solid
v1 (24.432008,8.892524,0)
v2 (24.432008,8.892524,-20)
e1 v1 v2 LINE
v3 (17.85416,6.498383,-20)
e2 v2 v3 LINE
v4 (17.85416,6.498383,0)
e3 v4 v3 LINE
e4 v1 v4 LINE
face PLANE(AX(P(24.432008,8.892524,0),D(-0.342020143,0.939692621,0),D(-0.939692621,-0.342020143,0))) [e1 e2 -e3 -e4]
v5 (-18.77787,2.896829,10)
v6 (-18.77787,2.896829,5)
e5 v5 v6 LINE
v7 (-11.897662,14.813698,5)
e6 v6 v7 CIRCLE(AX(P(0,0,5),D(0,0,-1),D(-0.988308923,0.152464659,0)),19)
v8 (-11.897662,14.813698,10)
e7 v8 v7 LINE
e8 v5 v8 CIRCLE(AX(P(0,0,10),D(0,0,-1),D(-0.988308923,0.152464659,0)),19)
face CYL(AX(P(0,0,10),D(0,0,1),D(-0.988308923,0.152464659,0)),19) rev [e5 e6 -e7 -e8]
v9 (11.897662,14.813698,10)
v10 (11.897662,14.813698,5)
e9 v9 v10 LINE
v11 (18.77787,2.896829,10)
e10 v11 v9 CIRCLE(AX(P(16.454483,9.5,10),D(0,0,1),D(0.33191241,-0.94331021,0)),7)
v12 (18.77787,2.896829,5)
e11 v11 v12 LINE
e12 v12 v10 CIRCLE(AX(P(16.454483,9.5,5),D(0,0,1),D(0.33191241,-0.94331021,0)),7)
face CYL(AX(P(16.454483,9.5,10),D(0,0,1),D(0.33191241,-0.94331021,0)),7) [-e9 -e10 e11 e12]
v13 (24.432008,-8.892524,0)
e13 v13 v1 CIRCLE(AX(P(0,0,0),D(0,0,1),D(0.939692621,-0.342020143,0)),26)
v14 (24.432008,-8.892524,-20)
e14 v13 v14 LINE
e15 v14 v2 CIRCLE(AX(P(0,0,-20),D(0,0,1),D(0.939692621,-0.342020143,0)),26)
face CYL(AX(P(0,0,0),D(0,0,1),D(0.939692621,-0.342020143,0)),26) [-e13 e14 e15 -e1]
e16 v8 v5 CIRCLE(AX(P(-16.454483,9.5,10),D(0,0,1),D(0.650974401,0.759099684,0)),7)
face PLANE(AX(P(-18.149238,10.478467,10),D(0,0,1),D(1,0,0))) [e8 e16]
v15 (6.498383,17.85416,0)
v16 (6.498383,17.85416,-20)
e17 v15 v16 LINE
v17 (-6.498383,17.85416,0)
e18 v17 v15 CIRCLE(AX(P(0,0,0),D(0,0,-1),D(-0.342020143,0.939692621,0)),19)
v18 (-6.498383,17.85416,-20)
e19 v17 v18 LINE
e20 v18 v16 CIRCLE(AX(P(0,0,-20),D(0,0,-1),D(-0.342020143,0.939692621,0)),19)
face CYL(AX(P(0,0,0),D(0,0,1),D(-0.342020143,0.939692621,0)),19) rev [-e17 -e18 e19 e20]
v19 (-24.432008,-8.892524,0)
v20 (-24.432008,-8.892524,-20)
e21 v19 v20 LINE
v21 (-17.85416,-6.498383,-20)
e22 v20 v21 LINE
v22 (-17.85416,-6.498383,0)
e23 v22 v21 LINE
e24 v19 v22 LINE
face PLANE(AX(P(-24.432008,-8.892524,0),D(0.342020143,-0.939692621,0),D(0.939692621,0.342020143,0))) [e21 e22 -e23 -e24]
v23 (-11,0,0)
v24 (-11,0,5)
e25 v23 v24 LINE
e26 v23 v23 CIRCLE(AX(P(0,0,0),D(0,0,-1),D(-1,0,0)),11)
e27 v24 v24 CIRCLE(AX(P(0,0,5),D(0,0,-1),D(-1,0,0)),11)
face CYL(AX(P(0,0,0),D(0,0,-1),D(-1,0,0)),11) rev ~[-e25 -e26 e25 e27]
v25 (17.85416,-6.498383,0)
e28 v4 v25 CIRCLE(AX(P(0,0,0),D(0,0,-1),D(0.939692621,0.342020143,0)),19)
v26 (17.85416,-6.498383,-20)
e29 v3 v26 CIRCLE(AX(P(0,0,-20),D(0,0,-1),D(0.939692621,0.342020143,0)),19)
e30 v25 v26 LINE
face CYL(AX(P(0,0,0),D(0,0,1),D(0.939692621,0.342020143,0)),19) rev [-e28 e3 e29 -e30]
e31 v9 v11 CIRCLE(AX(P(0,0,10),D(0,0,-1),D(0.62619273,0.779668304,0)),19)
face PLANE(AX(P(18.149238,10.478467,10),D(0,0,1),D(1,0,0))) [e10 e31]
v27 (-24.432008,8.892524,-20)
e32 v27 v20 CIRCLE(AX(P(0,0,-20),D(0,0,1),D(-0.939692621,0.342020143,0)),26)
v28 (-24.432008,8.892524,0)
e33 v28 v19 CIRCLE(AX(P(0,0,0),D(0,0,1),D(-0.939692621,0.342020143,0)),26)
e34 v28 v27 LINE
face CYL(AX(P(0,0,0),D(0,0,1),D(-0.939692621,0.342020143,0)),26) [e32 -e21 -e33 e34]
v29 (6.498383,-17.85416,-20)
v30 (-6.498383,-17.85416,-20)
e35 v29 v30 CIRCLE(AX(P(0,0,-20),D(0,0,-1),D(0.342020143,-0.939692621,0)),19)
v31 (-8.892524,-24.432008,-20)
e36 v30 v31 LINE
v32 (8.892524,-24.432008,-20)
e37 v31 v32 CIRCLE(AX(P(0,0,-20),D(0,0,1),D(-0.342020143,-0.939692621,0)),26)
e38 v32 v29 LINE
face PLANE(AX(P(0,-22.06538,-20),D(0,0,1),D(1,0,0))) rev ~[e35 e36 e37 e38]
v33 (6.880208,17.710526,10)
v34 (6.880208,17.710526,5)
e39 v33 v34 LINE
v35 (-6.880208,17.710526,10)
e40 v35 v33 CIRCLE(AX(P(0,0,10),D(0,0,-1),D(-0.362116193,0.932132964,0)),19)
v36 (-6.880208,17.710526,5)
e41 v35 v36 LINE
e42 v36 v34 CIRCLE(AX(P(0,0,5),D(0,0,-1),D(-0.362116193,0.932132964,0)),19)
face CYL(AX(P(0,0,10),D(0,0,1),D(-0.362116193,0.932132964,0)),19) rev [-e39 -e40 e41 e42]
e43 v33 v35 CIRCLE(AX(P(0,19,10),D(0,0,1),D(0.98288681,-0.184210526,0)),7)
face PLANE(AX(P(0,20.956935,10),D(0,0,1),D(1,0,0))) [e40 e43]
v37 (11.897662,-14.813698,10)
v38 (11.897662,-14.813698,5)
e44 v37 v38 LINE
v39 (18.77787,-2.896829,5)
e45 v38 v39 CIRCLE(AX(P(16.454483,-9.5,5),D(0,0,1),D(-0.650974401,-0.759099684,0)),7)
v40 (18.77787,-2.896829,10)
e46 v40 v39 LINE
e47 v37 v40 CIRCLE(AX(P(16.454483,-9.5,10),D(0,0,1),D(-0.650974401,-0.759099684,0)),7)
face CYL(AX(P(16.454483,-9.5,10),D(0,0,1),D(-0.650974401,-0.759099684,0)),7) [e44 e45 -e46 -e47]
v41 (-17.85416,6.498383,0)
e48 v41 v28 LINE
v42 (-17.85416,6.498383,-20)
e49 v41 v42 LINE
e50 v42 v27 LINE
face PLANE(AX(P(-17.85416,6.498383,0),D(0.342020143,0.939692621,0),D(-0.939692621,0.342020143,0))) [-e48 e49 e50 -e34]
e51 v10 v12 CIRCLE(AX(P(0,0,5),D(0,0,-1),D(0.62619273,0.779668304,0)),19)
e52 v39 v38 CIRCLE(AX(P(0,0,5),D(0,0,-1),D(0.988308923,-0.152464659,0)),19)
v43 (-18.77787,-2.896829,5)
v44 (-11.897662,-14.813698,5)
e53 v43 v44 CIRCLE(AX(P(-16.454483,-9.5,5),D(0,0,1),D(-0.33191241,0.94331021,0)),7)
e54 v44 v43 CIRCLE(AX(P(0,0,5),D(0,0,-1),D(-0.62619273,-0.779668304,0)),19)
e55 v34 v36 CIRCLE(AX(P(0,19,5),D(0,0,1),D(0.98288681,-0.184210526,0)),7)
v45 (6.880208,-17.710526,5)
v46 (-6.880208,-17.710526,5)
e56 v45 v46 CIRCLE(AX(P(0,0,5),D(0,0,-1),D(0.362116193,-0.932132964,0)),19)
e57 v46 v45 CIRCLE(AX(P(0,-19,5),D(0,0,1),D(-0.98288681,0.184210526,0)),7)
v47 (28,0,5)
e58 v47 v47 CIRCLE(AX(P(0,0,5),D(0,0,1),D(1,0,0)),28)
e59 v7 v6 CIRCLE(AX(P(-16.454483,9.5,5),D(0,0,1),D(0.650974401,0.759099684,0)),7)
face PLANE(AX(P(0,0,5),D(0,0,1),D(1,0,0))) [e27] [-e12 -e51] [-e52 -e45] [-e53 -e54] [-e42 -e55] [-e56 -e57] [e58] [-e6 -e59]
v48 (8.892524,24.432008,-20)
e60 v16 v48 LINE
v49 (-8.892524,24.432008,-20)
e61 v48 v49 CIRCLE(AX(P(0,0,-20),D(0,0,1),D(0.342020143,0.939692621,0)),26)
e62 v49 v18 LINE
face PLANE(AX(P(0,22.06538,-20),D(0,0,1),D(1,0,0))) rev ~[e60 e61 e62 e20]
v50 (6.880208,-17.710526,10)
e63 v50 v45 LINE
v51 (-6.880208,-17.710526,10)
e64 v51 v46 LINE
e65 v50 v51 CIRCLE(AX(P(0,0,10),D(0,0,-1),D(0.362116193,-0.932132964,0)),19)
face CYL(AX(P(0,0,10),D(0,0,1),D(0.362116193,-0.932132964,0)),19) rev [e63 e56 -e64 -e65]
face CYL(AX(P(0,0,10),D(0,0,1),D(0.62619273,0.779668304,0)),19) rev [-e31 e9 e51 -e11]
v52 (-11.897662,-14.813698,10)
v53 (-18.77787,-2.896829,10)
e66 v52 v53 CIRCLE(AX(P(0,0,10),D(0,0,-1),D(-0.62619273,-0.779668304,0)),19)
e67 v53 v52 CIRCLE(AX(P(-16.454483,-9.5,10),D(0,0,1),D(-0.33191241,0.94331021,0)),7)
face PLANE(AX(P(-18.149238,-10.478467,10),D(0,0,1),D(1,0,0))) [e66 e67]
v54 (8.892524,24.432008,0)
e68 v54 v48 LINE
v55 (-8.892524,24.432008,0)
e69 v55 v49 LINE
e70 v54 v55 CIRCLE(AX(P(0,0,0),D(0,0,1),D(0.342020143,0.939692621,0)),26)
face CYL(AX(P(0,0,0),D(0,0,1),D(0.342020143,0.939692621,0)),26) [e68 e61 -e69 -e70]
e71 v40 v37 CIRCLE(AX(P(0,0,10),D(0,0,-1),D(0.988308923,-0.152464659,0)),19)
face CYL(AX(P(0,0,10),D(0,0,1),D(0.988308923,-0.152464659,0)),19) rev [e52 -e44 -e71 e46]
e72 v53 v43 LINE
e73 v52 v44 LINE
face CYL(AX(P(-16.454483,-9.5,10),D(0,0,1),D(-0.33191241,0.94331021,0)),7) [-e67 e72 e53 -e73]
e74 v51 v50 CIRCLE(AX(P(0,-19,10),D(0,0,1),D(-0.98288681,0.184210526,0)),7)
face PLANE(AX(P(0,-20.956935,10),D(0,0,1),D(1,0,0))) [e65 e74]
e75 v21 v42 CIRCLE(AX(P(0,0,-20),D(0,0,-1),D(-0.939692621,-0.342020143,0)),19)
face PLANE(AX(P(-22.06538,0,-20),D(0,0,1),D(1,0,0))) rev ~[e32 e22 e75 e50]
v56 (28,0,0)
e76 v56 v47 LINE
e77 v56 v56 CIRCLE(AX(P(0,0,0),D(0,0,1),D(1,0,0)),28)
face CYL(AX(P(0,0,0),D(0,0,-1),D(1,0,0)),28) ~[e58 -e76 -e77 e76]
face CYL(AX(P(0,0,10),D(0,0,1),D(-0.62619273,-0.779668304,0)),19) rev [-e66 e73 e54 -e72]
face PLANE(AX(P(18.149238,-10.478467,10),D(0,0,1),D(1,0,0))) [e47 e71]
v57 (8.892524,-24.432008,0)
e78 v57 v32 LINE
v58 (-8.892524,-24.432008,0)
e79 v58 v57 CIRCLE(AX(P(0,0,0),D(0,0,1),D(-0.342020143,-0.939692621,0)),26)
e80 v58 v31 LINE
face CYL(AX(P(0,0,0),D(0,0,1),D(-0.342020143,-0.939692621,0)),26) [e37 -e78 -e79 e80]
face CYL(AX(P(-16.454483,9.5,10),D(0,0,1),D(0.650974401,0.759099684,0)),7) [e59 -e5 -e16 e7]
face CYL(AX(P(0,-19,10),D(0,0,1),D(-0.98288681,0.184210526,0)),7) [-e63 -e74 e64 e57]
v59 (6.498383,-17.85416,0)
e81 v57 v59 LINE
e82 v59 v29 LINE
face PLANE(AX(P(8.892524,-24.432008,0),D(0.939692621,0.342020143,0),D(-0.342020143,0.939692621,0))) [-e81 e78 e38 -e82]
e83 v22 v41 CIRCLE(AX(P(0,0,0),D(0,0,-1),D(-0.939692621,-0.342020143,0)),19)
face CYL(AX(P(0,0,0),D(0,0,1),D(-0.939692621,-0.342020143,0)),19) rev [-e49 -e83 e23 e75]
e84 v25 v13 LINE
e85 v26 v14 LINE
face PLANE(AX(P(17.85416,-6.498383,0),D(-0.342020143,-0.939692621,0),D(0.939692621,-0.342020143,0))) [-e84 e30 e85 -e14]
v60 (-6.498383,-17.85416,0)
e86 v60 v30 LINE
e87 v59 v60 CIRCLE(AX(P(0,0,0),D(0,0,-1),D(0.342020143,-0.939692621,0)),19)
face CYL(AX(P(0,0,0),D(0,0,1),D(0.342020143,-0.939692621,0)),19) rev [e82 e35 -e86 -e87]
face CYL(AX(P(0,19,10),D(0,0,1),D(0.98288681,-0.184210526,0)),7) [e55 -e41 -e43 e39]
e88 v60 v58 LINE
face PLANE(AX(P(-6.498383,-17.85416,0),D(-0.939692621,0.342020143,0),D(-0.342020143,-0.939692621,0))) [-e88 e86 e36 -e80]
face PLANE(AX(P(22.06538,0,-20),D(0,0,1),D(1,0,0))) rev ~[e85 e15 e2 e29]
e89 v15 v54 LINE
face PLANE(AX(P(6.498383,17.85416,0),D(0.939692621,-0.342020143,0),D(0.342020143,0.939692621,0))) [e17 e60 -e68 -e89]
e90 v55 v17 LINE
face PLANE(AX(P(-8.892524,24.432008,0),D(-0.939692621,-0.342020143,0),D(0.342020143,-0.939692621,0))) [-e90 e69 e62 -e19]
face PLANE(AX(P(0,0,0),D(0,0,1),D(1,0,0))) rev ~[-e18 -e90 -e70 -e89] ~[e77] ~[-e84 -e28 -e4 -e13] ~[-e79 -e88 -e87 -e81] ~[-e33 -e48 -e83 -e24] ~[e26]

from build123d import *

# Parameters (mm, degrees)
SKETCH_1_R          = 28
EXTRUDE_1_DEPTH     = 5
EXTRUDE_2_DEPTH     = 20
SKETCH_3_R          = 11
CUT_EXTRUDE_1_DEPTH = 5
EXTRUDE_START       = 5
EXTRUDE_4_DEPTH     = 5


with BuildPart() as part:
    # 草图1 → 凸台-拉伸1 (new body)
    with BuildSketch(Plane.XY):
        Circle(SKETCH_1_R)
    extrude(amount=EXTRUDE_1_DEPTH)

    # 草图2 → 凸台-拉伸2 (add)
    with BuildSketch(Plane(origin=(0, 0, 0), x_dir=(-1, 0, 0), z_dir=(0, 0, -1))):
        with BuildLine():
            Line((-6.498382723, 17.854159795), (-8.892523726, 24.43200814))
            ThreePointArc((-8.892523726, 24.43200814), (0, 26), (8.892523726, 24.43200814))
            Line((8.892523726, 24.43200814), (6.498382723, 17.854159795))
            ThreePointArc((6.498382723, 17.854159795), (0, 19), (-6.498382723, 17.854159795))
        make_face()
        with BuildLine():
            Line((17.854159795, 6.498382723), (24.43200814, 8.892523726))
            ThreePointArc((24.43200814, 8.892523726), (26, 0), (24.43200814, -8.892523726))
            Line((24.43200814, -8.892523726), (17.854159795, -6.498382723))
            ThreePointArc((17.854159795, -6.498382723), (19, 0), (17.854159795, 6.498382723))
        make_face()
        with BuildLine():
            Line((6.498382723, -17.854159795), (8.892523726, -24.43200814))
            ThreePointArc((8.892523726, -24.43200814), (0, -26), (-8.892523726, -24.43200814))
            Line((-8.892523726, -24.43200814), (-6.498382723, -17.854159795))
            ThreePointArc((-6.498382723, -17.854159795), (0, -19), (6.498382723, -17.854159795))
        make_face()
        with BuildLine():
            Line((-17.854159795, -6.498382723), (-24.43200814, -8.892523726))
            ThreePointArc((-24.43200814, -8.892523726), (-26, 0), (-24.43200814, 8.892523726))
            Line((-24.43200814, 8.892523726), (-17.854159795, 6.498382723))
            ThreePointArc((-17.854159795, 6.498382723), (-19, 0), (-17.854159795, -6.498382723))
        make_face()
    extrude(amount=EXTRUDE_2_DEPTH)

    # 草图3 → 切除-拉伸1 (cut)
    with BuildSketch(Plane(origin=(0, 0, 0), x_dir=(-1, 0, 0), z_dir=(0, 0, -1))):
        Circle(SKETCH_3_R)
    extrude(amount=-CUT_EXTRUDE_1_DEPTH, mode=Mode.SUBTRACT)

    # 草图4 → 凸台-拉伸4 (add)
    with BuildSketch(Plane.XY.offset(5).offset(EXTRUDE_START)):
        with BuildLine():
            ThreePointArc((6.880207673, 17.710526316), (0, 26), (-6.880207673, 17.710526316))
            ThreePointArc((-6.880207673, 17.710526316), (0, 19), (6.880207673, 17.710526316))
        make_face()
        with BuildLine():
            ThreePointArc((18.77786954, 2.89682853), (22.516660498, 13), (11.897661868, 14.813697786))
            ThreePointArc((11.897661868, 14.813697786), (16.454482672, 9.5), (18.77786954, 2.89682853))
        make_face()
        with BuildLine():
            ThreePointArc((11.897661868, -14.813697786), (22.516660498, -13), (18.77786954, -2.89682853))
            ThreePointArc((18.77786954, -2.89682853), (16.454482672, -9.5), (11.897661868, -14.813697786))
        make_face()
        with BuildLine():
            ThreePointArc((-6.880207673, -17.710526316), (0, -26), (6.880207673, -17.710526316))
            ThreePointArc((6.880207673, -17.710526316), (0, -19), (-6.880207673, -17.710526316))
        make_face()
        with BuildLine():
            ThreePointArc((-18.77786954, -2.89682853), (-22.516660498, -13), (-11.897661868, -14.813697786))
            ThreePointArc((-11.897661868, -14.813697786), (-16.454482672, -9.5), (-18.77786954, -2.89682853))
        make_face()
        with BuildLine():
            ThreePointArc((-11.897661868, 14.813697786), (-22.516660498, 13), (-18.77786954, 2.89682853))
            ThreePointArc((-18.77786954, 2.89682853), (-16.454482672, 9.5), (-11.897661868, 14.813697786))
        make_face()
    extrude(amount=-EXTRUDE_4_DEPTH)


solid = part.part
